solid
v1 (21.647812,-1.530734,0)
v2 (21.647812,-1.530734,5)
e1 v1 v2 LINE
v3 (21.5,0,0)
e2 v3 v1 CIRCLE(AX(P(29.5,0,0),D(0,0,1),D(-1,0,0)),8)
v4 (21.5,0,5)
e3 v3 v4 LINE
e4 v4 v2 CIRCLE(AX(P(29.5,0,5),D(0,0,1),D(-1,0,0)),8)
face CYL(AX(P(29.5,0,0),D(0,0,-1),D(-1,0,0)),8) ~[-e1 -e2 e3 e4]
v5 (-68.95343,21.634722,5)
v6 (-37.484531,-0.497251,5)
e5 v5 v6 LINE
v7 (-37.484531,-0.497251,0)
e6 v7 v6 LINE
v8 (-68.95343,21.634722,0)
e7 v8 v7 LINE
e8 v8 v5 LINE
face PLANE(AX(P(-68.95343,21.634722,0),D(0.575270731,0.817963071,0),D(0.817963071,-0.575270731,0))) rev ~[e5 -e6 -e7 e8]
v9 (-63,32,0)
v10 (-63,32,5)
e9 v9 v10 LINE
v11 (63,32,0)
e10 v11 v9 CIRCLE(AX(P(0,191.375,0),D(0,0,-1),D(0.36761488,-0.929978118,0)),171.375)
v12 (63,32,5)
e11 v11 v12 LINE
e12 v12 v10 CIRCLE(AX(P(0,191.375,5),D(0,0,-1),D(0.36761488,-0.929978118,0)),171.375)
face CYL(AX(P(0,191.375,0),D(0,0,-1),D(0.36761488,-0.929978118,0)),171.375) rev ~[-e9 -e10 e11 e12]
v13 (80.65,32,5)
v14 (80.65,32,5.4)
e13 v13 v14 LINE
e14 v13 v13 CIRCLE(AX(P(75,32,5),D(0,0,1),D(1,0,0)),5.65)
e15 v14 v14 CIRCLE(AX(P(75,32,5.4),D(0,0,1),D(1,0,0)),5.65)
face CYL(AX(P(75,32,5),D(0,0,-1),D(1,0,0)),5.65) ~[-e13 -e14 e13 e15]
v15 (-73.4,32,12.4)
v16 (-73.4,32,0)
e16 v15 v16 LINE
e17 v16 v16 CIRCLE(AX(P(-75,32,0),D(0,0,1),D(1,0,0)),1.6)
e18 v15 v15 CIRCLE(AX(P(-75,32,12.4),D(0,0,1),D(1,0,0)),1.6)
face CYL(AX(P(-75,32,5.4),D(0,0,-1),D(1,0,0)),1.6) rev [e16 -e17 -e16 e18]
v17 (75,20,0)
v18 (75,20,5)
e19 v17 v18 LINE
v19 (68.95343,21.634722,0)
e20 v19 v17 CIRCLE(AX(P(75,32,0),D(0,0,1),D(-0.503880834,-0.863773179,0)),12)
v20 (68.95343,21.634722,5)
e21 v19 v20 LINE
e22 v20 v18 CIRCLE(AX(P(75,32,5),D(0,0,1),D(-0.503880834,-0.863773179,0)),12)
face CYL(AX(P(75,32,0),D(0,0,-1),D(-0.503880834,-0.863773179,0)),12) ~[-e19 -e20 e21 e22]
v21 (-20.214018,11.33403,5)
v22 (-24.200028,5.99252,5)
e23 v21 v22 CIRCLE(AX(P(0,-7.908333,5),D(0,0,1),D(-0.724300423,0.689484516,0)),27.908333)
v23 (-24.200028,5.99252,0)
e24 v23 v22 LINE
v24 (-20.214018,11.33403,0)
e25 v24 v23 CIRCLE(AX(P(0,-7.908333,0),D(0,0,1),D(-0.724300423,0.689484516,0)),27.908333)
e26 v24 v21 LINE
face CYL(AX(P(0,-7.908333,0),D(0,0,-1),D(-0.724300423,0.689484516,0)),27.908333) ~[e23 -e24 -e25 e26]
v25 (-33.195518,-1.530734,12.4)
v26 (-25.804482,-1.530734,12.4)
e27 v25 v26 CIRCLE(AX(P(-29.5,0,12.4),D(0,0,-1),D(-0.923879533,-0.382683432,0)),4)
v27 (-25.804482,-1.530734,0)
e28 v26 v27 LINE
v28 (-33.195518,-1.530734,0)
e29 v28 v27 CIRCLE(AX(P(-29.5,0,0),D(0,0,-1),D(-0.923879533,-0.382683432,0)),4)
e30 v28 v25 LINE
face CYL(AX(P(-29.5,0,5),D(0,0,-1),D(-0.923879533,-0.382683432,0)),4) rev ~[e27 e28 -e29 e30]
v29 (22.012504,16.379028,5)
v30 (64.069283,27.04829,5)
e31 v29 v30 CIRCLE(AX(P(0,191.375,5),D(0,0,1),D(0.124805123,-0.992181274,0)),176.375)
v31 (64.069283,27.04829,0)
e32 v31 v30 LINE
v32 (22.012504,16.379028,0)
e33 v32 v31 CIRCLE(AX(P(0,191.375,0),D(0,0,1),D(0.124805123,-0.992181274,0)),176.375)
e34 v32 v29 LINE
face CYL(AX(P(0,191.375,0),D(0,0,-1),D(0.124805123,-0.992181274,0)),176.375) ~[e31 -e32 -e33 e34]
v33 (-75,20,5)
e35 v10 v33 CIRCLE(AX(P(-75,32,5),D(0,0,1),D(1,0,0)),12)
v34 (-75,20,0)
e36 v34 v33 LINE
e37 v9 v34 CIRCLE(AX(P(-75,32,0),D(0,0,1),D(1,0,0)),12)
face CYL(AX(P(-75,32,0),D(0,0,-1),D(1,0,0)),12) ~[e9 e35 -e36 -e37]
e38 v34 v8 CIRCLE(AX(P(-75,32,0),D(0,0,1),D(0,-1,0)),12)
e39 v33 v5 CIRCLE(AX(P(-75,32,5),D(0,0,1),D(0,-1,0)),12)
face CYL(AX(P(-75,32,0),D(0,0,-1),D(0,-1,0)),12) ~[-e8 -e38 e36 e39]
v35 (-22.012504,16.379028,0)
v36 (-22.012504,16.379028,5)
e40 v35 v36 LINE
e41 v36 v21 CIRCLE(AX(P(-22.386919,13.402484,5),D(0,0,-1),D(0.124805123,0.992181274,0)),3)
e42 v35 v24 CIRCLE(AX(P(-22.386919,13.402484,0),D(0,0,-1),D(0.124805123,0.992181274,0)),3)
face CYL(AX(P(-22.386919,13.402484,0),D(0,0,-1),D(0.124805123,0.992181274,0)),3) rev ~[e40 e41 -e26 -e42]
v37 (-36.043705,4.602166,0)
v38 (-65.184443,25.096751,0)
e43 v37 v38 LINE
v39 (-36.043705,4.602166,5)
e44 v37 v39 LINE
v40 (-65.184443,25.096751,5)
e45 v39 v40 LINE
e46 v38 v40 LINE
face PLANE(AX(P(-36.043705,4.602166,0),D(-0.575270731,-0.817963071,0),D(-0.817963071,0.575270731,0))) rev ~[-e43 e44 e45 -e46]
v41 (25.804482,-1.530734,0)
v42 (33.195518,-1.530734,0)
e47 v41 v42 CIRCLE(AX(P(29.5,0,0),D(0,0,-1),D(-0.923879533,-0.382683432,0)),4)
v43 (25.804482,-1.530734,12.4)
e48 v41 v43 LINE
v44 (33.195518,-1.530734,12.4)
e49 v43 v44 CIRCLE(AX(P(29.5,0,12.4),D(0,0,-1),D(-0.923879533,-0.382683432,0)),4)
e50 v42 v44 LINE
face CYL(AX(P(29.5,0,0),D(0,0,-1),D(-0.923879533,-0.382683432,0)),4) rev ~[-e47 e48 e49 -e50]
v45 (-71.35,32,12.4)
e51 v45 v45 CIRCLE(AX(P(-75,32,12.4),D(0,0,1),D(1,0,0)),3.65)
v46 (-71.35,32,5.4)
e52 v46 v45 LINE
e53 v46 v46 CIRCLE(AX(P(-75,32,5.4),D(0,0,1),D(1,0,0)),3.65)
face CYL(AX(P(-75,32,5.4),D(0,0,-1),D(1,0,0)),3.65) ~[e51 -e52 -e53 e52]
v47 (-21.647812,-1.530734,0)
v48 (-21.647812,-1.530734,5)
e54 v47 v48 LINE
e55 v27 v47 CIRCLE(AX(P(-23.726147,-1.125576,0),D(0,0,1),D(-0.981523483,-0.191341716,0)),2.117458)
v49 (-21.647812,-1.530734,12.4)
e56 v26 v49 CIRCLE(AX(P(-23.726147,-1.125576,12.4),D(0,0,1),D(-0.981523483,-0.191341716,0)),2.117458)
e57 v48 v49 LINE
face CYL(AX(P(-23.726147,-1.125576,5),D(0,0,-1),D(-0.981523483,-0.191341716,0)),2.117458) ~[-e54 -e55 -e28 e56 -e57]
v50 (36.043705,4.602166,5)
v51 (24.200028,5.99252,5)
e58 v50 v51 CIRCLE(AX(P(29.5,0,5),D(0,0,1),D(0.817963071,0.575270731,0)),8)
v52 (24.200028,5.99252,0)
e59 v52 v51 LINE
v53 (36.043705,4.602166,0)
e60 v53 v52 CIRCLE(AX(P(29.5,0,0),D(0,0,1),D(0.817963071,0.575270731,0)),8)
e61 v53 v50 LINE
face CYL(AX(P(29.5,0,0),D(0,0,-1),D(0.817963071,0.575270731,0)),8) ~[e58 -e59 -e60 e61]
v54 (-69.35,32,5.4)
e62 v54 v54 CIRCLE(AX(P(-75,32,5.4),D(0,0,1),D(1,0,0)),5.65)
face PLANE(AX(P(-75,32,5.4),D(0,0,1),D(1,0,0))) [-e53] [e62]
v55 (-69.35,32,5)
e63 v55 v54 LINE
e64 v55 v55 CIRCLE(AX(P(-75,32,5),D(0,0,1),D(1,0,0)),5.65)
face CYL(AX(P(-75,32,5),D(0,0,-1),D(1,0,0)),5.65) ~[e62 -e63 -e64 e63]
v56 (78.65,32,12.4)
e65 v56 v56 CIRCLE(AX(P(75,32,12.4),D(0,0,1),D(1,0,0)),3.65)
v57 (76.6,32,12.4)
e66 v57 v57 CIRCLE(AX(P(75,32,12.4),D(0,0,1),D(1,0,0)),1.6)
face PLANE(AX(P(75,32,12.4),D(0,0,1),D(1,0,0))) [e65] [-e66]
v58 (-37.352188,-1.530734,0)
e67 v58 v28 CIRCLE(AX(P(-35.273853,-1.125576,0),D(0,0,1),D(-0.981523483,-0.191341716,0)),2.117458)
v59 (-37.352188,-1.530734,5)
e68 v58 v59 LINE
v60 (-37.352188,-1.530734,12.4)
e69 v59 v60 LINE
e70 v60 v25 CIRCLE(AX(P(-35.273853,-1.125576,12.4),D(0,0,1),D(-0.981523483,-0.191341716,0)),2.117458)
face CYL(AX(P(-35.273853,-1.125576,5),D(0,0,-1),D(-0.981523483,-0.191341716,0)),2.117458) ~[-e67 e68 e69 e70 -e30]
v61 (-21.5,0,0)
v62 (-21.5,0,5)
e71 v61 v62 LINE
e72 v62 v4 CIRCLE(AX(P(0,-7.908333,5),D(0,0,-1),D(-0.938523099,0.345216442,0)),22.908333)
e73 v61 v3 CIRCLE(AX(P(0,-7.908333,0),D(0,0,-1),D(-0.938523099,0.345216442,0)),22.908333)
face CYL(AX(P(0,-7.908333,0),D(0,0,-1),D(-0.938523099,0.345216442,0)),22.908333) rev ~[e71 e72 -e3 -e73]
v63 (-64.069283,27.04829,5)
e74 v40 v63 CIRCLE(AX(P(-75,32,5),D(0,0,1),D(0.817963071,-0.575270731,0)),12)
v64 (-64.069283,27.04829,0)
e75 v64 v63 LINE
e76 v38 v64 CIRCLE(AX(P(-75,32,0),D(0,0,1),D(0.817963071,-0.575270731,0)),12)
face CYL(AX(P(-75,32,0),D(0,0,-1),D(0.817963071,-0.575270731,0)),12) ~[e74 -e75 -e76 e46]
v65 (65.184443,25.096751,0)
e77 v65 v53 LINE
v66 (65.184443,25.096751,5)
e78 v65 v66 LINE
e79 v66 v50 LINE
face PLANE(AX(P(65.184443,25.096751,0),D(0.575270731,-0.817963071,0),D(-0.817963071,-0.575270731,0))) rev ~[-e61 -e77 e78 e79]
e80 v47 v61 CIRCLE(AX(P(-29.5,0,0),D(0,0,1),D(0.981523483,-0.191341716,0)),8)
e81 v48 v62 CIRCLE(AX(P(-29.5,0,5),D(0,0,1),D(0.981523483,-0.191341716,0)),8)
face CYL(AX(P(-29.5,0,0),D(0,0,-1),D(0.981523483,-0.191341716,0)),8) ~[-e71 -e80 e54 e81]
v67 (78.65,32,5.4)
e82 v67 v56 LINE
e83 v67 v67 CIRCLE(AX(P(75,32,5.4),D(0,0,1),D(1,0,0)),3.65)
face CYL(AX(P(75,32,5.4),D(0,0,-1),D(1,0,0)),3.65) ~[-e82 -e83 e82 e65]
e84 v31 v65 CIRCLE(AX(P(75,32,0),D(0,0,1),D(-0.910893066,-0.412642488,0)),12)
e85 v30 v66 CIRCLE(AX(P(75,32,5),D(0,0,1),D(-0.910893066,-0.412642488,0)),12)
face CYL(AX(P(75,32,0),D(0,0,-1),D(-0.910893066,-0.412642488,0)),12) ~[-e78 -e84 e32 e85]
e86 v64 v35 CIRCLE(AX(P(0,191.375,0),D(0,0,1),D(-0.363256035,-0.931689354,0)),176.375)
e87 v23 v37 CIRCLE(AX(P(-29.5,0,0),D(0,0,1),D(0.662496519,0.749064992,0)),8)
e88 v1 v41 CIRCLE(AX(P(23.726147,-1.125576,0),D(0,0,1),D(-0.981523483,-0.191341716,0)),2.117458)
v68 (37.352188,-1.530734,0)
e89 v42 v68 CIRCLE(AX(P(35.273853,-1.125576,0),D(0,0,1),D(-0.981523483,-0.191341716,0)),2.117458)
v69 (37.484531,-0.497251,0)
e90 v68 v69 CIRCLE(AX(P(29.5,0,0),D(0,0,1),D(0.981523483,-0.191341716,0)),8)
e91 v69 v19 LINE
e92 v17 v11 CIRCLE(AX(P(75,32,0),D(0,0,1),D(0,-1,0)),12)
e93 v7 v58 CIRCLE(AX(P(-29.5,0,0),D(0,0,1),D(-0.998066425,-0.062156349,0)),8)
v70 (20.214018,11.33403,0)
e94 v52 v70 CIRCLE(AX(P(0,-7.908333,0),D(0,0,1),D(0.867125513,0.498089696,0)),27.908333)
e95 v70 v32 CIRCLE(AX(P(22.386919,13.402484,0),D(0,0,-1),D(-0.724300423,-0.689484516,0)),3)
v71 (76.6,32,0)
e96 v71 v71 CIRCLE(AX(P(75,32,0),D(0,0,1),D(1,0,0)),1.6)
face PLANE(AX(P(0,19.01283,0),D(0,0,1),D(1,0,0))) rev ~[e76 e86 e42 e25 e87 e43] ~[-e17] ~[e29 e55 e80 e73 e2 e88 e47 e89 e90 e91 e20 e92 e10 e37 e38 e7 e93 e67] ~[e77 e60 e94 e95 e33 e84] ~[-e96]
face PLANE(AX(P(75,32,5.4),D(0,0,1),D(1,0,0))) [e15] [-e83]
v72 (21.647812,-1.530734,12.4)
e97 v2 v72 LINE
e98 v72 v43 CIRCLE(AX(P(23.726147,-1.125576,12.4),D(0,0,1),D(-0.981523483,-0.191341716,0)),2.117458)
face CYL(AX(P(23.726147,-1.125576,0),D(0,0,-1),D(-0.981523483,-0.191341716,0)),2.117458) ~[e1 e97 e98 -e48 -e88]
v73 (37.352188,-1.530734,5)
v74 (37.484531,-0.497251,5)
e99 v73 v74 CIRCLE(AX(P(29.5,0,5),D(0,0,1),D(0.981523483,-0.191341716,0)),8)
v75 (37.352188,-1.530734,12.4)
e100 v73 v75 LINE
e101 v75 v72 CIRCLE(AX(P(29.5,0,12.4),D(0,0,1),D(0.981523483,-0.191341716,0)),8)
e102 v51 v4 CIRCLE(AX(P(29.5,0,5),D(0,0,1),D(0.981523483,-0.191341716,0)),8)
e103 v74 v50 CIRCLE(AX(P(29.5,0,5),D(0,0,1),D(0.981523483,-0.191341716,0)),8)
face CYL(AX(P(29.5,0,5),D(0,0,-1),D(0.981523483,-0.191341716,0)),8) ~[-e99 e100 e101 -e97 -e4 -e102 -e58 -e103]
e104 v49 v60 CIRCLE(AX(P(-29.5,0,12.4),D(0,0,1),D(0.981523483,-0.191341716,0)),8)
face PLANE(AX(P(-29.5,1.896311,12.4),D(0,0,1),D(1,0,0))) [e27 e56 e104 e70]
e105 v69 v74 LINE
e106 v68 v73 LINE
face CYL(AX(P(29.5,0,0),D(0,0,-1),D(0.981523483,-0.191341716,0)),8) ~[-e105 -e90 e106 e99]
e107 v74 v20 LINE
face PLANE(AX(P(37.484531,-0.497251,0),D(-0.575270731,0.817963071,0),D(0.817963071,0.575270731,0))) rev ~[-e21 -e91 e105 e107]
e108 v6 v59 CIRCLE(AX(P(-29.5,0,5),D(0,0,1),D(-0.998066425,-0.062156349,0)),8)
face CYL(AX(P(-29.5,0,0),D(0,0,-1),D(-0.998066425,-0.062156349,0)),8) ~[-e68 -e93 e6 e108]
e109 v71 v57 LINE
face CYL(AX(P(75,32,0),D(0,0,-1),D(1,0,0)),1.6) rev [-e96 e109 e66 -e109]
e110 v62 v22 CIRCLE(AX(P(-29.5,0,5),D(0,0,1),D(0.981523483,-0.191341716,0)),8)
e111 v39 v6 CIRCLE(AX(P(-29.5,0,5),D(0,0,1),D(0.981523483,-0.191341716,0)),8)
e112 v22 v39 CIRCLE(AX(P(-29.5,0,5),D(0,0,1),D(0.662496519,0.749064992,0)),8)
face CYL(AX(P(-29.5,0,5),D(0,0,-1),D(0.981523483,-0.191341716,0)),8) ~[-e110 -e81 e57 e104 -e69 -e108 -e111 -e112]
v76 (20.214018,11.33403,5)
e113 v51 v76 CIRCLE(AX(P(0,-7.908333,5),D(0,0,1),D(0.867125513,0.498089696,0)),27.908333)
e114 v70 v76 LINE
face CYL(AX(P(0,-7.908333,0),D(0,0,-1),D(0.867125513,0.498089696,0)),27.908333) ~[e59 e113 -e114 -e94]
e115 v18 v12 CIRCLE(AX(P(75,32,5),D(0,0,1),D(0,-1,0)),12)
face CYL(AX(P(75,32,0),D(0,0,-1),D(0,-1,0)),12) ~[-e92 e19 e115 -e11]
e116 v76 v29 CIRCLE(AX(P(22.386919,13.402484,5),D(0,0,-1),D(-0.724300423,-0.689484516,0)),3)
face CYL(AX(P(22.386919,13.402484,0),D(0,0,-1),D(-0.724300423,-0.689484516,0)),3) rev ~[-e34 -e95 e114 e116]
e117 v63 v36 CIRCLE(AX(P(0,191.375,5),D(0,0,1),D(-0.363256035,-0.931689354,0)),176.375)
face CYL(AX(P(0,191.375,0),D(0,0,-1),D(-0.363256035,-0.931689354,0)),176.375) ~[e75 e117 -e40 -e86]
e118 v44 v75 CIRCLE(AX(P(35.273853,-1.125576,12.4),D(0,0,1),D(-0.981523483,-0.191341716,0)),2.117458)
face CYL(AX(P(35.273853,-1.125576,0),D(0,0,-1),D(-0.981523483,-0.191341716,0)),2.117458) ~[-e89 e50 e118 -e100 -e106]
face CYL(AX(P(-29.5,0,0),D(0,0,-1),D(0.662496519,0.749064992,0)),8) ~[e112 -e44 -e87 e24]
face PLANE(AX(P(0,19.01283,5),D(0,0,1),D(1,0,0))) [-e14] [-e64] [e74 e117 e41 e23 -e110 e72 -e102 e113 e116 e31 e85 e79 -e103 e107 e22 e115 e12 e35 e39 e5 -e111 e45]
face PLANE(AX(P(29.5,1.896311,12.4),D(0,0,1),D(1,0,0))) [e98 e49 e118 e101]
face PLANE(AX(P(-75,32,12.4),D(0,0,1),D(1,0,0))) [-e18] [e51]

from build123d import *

# Parameters (mm, degrees)
F0_R     = 1.6
F1_DEPTH = 5
F2_R     = 5.65
F2_R_2   = 1.6
F3_DEPTH = 0.4
F4_R     = 3.65
F4_R_2   = 1.6
F5_DEPTH = 7
F7_DEPTH = 7.4


with BuildPart() as f1:
    # F0 (on Top) → F1 (new body)
    with BuildSketch(Plane.XY):
        with BuildLine():
            ThreePointArc((-37.3521878639, -1.5307337295), (-35.273852997, -3.2430337771), (-33.19551813, -1.5307337295))
            ThreePointArc((-33.19551813, -1.5307337295), (-29.5, 4), (-25.80448187, -1.5307337295))
            ThreePointArc((-25.80448187, -1.5307337295), (-23.726147003, -3.2430337771), (-21.6478121361, -1.5307337295))
            ThreePointArc((-21.6478121361, -1.5307337295), (-21.537038776, -0.7689268785), (-21.5, 0))
            ThreePointArc((-21.5, 0), (0, 15), (21.5, 0))
            ThreePointArc((21.5, 0), (21.537038776, -0.7689268785), (21.6478121361, -1.5307337295))
            ThreePointArc((21.6478121361, -1.5307337295), (23.726147003, -3.2430337771), (25.80448187, -1.5307337295))
            ThreePointArc((25.80448187, -1.5307337295), (29.5, 4), (33.19551813, -1.5307337295))
            ThreePointArc((33.19551813, -1.5307337295), (35.273852997, -3.2430337771), (37.3521878639, -1.5307337295))
            ThreePointArc((37.3521878639, -1.5307337295), (37.4352026436, -1.0161491059), (37.4845313984, -0.4972507899))
            Line((37.4845313984, -0.4972507899), (68.9534299936, 21.6347218485))
            ThreePointArc((68.9534299936, 21.6347218485), (71.8681744795, 20.4158872196), (75, 20))
            ThreePointArc((75, 20), (83.4852813742, 40.4852813742), (63, 32))
            ThreePointArc((63, 32), (0, 20), (-63, 32))
            ThreePointArc((-63, 32), (-83.4852813742, 40.4852813742), (-75, 20))
            ThreePointArc((-75, 20), (-71.8681744795, 20.4158872196), (-68.9534299936, 21.6347218485))
            Line((-68.9534299936, 21.6347218485), (-37.4845313984, -0.4972507899))
            ThreePointArc((-37.4845313984, -0.4972507899), (-37.4352026436, -1.0161491059), (-37.3521878639, -1.5307337295))
        make_face()
        with BuildLine():
            ThreePointArc((-65.1844431468, 25.0967512241), (-64.5810704237, 26.0463535136), (-64.0692832138, 27.0482901398))
            ThreePointArc((-64.0692832138, 27.0482901398), (-43.3702293382, 20.4154614181), (-22.0125035411, 16.3790277239))
            ThreePointArc((-22.0125035411, 16.3790277239), (-19.5611083836, 14.4098541759), (-20.2140176404, 11.3340303541))
            ThreePointArc((-20.2140176404, 11.3340303541), (-22.3670470232, 8.782690509), (-24.2000278476, 5.9925199361))
            ThreePointArc((-24.2000278476, 5.9925199361), (-30.4327318488, 7.9454396542), (-36.0437045688, 4.6021658506))
            Line((-36.0437045688, 4.6021658506), (-65.1844431468, 25.0967512241))
        make_face(mode=Mode.SUBTRACT)
        with BuildLine():
            ThreePointArc((20.2140176404, 11.3340303541), (19.5611083836, 14.4098541759), (22.0125035411, 16.3790277239))
            ThreePointArc((22.0125035411, 16.3790277239), (43.3702293382, 20.4154614181), (64.0692832138, 27.0482901398))
            ThreePointArc((64.0692832138, 27.0482901398), (64.5810704237, 26.0463535136), (65.1844431468, 25.0967512241))
            Line((65.1844431468, 25.0967512241), (36.0437045688, 4.6021658506))
            ThreePointArc((36.0437045688, 4.6021658506), (30.4327318488, 7.9454396542), (24.2000278476, 5.9925199361))
            ThreePointArc((24.2000278476, 5.9925199361), (22.3670470232, 8.782690509), (20.2140176404, 11.3340303541))
        make_face(mode=Mode.SUBTRACT)
        with Locations((-75, 32)):
            Circle(F0_R, mode=Mode.SUBTRACT)
        with Locations((75, 32)):
            Circle(F0_R, mode=Mode.SUBTRACT)
    extrude(amount=F1_DEPTH)

    # F2 (on face) → F3 (join)
    with BuildSketch(Plane.XY.offset(5)):
        with Locations((-75, 32)):
            Circle(F2_R)
        with Locations((-75, 32)):
            Circle(F2_R_2, mode=Mode.SUBTRACT)
        with Locations((75, 32)):
            Circle(F2_R)
        with Locations((75, 32)):
            Circle(F2_R_2, mode=Mode.SUBTRACT)
    extrude(amount=F3_DEPTH)

    # F4 (on face) → F5 (join)
    with BuildSketch(Plane.XY.offset(5.4)):
        with Locations((-75, 32)):
            Circle(F4_R)
        with Locations((-75, 32)):
            Circle(F4_R_2, mode=Mode.SUBTRACT)
        with Locations((75, 32)):
            Circle(F4_R)
        with Locations((75, 32)):
            Circle(F4_R_2, mode=Mode.SUBTRACT)
    extrude(amount=F5_DEPTH)

    # F6 (on face) → F7 (join, through all)
    with BuildSketch(Plane.XY.offset(5)):
        with BuildLine():
            ThreePointArc((-21.6478121361, -1.5307337295), (-29.5, 8), (-37.3521878639, -1.5307337295))
            ThreePointArc((-37.3521878639, -1.5307337295), (-35.273852997, -3.2430337771), (-33.19551813, -1.5307337295))
            ThreePointArc((-33.19551813, -1.5307337295), (-29.5, 4), (-25.80448187, -1.5307337295))
            ThreePointArc((-25.80448187, -1.5307337295), (-23.726147003, -3.2430337771), (-21.6478121361, -1.5307337295))
        make_face()
        with BuildLine():
            ThreePointArc((37.3521878639, -1.5307337295), (29.5, 8), (21.6478121361, -1.5307337295))
            ThreePointArc((21.6478121361, -1.5307337295), (23.726147003, -3.2430337771), (25.80448187, -1.5307337295))
            ThreePointArc((25.80448187, -1.5307337295), (29.5, 4), (33.19551813, -1.5307337295))
            ThreePointArc((33.19551813, -1.5307337295), (35.273852997, -3.2430337771), (37.3521878639, -1.5307337295))
        make_face()
    extrude(amount=F7_DEPTH)


solid = f1.part
